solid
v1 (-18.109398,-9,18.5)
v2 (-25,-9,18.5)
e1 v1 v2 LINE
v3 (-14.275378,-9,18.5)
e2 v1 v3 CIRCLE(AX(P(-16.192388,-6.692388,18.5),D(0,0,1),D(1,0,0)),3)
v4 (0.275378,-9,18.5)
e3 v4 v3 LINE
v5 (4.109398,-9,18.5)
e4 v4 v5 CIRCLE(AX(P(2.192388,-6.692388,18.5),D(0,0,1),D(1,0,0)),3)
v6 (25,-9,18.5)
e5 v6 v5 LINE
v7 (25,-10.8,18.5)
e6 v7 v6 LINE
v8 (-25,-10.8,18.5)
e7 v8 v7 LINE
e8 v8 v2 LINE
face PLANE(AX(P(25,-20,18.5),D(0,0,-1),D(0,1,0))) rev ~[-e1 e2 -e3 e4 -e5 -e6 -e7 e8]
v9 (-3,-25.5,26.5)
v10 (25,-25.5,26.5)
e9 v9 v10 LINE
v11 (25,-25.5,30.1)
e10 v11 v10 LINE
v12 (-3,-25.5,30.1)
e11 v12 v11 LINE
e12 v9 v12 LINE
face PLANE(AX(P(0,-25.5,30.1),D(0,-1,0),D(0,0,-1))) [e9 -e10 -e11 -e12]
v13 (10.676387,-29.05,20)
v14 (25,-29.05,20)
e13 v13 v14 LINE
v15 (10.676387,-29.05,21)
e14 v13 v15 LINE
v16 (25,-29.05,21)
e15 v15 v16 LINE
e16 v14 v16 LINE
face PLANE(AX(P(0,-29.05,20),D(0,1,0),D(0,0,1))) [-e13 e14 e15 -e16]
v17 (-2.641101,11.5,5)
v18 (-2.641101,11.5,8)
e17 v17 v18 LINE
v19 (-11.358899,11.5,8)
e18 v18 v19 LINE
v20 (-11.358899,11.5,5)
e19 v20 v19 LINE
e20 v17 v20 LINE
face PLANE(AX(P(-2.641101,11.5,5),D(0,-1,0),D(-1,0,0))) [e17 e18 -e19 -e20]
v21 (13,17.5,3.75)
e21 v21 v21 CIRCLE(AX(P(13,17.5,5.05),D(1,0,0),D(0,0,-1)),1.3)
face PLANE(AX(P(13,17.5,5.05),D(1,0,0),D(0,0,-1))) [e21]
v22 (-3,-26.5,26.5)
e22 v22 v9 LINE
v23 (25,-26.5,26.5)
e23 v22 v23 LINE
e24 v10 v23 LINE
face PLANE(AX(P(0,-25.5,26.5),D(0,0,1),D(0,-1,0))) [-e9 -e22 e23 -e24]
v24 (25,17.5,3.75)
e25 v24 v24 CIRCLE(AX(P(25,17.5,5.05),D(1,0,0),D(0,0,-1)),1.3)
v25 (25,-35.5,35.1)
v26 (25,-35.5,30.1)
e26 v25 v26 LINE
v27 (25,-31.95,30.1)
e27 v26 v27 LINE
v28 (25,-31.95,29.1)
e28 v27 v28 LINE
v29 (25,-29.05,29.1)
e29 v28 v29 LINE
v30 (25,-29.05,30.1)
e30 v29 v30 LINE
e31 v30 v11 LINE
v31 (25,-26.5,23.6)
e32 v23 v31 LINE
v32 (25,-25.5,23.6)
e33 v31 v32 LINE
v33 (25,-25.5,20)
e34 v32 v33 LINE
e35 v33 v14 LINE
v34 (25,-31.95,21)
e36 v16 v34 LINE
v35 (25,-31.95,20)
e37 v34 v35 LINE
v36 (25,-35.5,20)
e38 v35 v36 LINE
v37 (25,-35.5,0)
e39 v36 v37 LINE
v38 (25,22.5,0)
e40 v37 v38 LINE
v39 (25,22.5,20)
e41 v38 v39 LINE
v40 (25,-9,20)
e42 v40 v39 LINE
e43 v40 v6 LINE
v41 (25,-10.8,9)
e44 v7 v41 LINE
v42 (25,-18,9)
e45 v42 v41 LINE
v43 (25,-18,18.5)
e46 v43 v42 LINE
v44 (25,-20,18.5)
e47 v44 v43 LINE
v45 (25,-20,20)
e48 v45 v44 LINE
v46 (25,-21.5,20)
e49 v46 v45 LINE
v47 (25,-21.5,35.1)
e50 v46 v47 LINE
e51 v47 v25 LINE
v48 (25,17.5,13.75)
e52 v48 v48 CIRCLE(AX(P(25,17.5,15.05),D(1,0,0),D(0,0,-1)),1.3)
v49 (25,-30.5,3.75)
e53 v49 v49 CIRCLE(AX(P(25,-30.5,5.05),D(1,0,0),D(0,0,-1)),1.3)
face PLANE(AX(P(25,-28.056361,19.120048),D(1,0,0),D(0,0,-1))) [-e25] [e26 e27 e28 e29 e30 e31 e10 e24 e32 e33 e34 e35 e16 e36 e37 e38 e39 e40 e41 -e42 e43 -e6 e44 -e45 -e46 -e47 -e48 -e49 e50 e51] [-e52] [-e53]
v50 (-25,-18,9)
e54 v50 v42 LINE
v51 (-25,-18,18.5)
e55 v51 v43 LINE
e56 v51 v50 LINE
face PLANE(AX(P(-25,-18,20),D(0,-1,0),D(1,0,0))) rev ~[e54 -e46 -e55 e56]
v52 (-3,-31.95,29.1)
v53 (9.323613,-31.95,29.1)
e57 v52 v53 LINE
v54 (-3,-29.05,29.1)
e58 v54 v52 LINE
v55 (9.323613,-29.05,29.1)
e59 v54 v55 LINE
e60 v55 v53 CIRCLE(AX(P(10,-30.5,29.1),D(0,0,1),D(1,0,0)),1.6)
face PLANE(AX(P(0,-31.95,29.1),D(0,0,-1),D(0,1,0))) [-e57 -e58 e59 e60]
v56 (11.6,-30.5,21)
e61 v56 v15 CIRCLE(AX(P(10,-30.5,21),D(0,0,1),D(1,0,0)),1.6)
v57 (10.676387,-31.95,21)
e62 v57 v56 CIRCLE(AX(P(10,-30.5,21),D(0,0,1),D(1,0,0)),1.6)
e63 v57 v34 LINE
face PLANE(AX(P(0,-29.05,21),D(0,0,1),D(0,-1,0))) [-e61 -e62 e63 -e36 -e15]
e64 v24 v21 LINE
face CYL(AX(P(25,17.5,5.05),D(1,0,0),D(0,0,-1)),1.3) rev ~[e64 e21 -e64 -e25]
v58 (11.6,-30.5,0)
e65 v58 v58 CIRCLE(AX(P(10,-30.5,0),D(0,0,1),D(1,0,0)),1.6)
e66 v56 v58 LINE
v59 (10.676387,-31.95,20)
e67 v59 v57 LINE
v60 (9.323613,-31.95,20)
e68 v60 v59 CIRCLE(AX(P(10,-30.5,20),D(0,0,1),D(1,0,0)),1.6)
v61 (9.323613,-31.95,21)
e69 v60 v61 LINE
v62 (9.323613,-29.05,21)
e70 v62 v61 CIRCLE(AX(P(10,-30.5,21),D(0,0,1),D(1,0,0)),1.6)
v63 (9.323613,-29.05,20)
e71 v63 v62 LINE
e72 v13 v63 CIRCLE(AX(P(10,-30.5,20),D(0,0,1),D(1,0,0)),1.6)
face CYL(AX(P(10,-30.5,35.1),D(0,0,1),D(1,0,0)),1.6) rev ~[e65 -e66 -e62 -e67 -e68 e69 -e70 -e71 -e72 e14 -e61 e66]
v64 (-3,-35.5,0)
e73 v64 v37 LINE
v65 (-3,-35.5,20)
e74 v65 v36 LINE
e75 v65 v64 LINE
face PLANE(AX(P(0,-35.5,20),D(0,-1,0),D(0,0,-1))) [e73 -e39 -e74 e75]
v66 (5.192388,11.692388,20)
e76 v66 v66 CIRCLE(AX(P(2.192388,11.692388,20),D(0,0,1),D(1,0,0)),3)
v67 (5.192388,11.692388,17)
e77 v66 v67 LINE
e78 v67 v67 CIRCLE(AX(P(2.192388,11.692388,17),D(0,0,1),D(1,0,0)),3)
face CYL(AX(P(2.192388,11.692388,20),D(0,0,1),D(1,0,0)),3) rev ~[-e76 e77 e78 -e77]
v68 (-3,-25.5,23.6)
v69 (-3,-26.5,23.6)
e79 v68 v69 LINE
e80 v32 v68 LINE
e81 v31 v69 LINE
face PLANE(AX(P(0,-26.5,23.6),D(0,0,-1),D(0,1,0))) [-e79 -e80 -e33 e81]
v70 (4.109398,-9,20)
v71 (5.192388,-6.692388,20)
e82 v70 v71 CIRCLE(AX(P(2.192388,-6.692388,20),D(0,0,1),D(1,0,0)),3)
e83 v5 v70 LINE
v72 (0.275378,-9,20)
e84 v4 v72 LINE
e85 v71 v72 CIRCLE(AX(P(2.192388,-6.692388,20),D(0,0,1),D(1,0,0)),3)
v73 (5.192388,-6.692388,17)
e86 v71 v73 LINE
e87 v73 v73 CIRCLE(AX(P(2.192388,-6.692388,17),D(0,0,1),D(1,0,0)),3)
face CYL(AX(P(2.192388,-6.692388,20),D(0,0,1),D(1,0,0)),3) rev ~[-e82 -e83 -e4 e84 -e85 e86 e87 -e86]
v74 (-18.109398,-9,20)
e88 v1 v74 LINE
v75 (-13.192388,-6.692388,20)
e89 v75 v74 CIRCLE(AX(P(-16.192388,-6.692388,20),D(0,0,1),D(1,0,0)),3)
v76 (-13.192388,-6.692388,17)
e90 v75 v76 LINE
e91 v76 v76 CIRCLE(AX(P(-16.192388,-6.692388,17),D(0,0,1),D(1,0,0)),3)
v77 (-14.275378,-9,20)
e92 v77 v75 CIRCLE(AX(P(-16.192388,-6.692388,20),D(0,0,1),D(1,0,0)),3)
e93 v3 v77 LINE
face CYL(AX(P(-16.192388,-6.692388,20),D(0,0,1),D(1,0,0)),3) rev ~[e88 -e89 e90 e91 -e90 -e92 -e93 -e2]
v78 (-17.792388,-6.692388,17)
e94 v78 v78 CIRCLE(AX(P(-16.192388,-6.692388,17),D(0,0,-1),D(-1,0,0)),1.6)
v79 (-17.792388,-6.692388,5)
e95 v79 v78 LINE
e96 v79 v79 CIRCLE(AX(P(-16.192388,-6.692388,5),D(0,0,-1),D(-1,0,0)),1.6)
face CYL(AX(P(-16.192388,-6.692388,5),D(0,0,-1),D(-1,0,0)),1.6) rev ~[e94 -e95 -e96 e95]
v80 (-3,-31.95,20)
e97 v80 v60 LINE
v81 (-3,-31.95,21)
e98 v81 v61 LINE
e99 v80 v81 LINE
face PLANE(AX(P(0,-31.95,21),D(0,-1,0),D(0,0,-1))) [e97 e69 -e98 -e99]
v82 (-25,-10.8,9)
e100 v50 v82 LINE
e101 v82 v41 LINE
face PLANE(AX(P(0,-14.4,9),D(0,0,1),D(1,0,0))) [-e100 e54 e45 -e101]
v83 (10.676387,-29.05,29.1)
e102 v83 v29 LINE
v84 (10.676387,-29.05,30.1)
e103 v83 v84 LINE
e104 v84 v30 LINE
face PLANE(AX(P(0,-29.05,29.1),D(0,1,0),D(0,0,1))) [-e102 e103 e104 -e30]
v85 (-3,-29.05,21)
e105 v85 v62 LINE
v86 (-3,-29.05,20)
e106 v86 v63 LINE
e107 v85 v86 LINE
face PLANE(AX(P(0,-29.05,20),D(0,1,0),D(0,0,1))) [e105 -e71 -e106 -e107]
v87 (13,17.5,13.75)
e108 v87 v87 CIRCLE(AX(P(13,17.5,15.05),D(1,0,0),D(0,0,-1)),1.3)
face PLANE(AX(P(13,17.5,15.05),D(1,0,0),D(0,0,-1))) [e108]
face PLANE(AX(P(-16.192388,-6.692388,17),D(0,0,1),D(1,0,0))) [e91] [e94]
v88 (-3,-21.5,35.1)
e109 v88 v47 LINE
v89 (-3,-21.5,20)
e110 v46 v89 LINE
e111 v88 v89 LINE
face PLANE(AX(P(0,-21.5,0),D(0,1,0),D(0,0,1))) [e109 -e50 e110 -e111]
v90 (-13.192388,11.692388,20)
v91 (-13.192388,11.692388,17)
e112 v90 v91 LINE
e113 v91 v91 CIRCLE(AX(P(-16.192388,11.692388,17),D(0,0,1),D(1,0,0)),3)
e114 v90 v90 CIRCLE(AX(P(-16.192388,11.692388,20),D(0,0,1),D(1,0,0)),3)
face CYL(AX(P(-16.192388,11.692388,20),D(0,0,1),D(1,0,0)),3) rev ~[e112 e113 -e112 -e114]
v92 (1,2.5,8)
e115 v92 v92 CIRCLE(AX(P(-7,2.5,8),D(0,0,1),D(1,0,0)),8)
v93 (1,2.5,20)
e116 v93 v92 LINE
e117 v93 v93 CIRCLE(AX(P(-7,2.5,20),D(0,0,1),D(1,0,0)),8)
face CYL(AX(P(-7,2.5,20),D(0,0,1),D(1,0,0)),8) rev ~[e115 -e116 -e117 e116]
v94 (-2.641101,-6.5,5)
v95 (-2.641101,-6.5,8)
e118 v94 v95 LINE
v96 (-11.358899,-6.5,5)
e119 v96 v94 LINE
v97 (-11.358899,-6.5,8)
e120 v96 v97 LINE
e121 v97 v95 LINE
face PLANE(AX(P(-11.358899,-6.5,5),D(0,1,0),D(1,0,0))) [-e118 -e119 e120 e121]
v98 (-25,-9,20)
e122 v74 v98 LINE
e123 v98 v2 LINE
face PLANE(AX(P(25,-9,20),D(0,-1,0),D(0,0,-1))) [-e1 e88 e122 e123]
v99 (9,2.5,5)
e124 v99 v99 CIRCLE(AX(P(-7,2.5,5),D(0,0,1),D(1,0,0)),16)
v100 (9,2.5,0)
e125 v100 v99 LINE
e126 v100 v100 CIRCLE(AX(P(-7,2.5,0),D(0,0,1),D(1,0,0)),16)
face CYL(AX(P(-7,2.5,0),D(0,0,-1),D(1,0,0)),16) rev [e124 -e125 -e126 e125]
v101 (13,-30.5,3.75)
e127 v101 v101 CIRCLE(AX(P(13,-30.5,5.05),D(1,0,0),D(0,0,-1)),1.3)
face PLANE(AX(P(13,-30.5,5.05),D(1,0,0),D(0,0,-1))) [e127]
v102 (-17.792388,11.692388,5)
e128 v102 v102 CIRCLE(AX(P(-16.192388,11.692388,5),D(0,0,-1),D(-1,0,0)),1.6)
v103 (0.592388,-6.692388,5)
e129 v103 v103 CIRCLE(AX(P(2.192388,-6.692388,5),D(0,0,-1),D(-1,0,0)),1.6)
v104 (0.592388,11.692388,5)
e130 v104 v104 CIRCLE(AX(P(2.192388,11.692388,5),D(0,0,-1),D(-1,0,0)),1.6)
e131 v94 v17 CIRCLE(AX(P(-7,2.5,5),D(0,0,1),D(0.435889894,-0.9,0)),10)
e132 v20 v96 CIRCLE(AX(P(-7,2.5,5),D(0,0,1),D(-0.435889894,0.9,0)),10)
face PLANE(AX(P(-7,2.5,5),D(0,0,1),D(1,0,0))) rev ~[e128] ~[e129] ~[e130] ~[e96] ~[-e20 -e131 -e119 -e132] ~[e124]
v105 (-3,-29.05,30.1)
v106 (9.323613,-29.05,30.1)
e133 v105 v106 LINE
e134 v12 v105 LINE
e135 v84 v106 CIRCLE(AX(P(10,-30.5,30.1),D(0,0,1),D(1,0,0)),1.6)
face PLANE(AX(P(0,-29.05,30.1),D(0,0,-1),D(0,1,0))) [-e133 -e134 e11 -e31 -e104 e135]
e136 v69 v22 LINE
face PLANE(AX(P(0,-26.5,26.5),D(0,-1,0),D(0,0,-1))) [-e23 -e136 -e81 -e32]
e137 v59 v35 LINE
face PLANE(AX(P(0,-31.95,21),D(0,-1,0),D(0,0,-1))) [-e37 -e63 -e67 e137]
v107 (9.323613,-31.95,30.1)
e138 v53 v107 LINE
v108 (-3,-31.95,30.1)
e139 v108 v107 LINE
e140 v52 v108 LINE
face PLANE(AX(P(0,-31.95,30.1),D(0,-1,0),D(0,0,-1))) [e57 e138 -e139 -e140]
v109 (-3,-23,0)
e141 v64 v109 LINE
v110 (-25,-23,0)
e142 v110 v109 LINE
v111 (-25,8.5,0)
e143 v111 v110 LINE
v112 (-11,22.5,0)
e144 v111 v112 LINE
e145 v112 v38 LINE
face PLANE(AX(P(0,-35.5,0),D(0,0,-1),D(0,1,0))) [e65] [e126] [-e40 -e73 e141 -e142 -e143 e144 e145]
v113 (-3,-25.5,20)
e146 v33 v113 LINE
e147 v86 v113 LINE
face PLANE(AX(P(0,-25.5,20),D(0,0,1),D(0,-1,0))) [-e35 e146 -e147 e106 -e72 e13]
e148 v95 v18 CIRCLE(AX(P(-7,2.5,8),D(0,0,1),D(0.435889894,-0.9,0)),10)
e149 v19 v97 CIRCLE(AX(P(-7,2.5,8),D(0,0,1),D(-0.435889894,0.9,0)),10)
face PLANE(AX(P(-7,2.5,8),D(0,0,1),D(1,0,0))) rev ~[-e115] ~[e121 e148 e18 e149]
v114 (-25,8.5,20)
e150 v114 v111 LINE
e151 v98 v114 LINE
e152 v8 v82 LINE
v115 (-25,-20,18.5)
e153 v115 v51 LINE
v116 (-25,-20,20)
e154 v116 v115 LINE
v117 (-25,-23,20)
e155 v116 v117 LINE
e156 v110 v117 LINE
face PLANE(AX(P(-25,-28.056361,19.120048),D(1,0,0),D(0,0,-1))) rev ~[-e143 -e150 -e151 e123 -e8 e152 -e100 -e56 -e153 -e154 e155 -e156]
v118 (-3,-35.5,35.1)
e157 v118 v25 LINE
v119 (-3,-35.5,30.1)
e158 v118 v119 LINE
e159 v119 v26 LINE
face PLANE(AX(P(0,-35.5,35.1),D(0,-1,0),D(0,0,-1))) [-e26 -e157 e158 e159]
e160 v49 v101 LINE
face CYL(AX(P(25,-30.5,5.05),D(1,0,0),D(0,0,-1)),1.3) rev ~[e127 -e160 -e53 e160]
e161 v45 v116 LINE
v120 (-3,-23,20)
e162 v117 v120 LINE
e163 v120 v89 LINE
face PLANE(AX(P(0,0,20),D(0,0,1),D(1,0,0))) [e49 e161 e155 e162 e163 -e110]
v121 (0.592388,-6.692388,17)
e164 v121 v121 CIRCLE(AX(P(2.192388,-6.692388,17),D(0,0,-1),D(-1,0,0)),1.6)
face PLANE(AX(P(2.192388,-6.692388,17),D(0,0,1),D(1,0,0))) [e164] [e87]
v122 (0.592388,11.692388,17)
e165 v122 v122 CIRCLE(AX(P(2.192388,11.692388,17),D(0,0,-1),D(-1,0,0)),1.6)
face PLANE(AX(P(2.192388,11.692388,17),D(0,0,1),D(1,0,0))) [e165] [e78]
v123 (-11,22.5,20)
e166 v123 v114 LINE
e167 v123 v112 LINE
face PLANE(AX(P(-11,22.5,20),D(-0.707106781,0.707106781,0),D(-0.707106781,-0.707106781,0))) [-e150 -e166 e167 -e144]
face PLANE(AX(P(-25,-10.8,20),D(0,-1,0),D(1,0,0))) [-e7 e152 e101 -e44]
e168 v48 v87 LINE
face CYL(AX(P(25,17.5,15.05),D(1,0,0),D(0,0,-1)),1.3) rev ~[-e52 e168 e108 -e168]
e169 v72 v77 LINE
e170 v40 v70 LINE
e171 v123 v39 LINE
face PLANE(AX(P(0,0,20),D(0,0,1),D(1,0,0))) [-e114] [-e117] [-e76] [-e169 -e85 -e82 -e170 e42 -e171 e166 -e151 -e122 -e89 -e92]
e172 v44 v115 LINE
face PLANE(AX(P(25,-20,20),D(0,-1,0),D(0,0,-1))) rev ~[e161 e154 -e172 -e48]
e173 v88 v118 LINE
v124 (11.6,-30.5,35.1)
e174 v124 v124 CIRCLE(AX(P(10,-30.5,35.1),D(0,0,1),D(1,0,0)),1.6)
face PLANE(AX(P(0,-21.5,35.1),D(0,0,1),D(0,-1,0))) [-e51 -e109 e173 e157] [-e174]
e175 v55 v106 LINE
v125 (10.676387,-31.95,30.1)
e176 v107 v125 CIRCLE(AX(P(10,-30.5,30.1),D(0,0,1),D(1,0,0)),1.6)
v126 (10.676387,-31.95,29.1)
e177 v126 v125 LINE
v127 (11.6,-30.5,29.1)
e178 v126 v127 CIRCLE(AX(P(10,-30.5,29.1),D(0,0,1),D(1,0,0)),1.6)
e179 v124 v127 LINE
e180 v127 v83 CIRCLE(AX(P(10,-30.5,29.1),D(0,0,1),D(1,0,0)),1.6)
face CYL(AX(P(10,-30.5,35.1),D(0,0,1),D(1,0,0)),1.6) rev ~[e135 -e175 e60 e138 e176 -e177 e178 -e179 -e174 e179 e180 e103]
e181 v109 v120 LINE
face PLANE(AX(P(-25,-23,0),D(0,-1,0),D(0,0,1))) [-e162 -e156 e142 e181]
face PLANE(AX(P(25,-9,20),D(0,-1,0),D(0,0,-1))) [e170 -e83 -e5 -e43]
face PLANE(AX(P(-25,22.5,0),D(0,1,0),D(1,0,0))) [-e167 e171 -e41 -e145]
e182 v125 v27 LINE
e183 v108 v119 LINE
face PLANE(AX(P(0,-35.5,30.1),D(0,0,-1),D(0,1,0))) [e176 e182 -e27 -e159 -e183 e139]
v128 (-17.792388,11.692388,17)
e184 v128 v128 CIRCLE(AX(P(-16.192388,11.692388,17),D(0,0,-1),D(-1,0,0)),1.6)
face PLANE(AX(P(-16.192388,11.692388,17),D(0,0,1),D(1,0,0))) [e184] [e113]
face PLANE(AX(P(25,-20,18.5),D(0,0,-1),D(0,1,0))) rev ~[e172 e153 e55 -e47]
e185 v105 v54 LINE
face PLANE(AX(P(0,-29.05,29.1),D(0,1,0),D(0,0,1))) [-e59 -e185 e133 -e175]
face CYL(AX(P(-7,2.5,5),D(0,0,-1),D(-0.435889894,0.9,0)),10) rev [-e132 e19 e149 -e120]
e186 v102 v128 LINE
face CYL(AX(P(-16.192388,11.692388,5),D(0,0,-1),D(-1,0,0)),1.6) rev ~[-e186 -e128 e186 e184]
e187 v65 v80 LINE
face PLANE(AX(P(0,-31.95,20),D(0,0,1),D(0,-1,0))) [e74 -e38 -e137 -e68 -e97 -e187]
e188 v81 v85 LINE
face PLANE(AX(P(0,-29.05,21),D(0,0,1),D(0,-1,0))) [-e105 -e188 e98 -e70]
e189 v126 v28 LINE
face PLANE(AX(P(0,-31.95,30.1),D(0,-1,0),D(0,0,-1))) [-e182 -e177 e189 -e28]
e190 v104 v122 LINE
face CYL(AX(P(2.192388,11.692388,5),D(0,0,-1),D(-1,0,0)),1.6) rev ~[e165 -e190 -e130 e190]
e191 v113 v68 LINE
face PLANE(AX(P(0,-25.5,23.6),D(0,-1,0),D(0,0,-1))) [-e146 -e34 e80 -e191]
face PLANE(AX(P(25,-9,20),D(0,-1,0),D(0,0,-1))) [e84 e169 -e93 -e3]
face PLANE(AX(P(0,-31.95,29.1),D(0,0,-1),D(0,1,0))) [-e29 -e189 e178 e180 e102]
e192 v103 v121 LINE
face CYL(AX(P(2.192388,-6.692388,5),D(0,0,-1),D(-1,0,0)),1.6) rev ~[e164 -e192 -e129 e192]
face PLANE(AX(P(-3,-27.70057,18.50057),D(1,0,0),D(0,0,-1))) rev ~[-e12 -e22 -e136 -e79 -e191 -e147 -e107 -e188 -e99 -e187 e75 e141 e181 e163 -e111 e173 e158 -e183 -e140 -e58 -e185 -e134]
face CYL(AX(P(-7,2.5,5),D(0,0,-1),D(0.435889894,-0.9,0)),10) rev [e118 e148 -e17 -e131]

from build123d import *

# Parameters (mm, degrees)
ESQUISSE1_W                     = 50
ESQUISSE1_H                     = 45
MAIN_EXTRUSION_DEPTH            = 20
ESQUISSE5_R                     = 8
GEAR_LINEAR_HOLES_DEPTH         = 21
FIXING_EXTRUSION_DEPTH          = 25
ESQUISSE13_W                    = 50
ESQUISSE13_H                    = 7.2
ROLLINGBALLHORIZONTALHOLE_DEPTH = 11
FRONTHOLE_DEPTH                 = 22
ESQUISSE15_R                    = 1.6
BOTTOMFIXINGHOLE_DEPTH          = 36.1
ESQUISSE12_R                    = 16
REDUCTORMAINHOLE_DEPTH          = 5
REDUCTORFRONTFIXINGHOLE_DEPTH   = 3
ESQUISSE17_R                    = 1.6
MOTORFIXINGHOLE_DEPTH           = 31.1
ESQUISSE19_R                    = 3
ENL_V_MAT_EXTRU_5_DEPTH         = 3
SKETCH2_W                       = 1.5
SKETCH2_H                       = 11
CUTFORMAKERBEAMPROFILE_DEPTH    = 51
CUTFORDISTRIBUTORGRABBER_DEPTH  = 21
SKETCH4_R                       = 1.3
HOLETOBLOCKBEHIND_DEPTH         = 12


with BuildPart() as part:
    # Esquisse1 → Main Extrusion (new body)
    with BuildSketch(Plane.XY):
        Rectangle(ESQUISSE1_W, ESQUISSE1_H)
    extrude(amount=MAIN_EXTRUSION_DEPTH)

    # Esquisse5 → Gear Linear Holes (cut, through all)
    with BuildSketch(Plane.XY.offset(20)):
        with Locations((-7, 2.5)):
            Circle(ESQUISSE5_R)
    extrude(amount=-GEAR_LINEAR_HOLES_DEPTH, mode=Mode.SUBTRACT)

    # Esquisse8 → Fixing Extrusion (add, symmetric)
    with BuildSketch(Plane(origin=(0, 0, 0), x_dir=(0, 0, -1), z_dir=(1, 0, 0))):
        Polygon((-20, -25.5), (-20, -29.05), (-21, -29.05), (-21, -31.95), (-20, -31.95), (-20, -35.5), (0, -35.5), (0, -21.5), (-35.1, -21.5), (-35.1, -35.5), (-30.1, -35.5), (-30.1, -31.95), (-29.1, -31.95), (-29.1, -29.05), (-30.1, -29.05), (-30.1, -25.5), (-26.5, -25.5), (-26.5, -26.5), (-23.6, -26.5), (-23.6, -25.5), align=None)
    extrude(amount=FIXING_EXTRUSION_DEPTH, both=True)

    # Esquisse13 → RollingBallHorizontalHole (cut)
    with BuildSketch(Plane.XY.offset(20)):
        with Locations((0, -14.4)):
            Rectangle(ESQUISSE13_W, ESQUISSE13_H)
    extrude(amount=-ROLLINGBALLHORIZONTALHOLE_DEPTH, mode=Mode.SUBTRACT)

    # Esquisse14 → FrontHole (cut)
    with BuildSketch(Plane.ZY.offset(25)):
        Polygon((0, -23), (20, -23), (20, -18), (35.1, -18), (35.1, -35.5), (0, -35.5), align=None)
    extrude(amount=-FRONTHOLE_DEPTH, mode=Mode.SUBTRACT)

    # Esquisse15 → BottomFixingHole (cut, through all)
    with BuildSketch(Plane.XY.offset(35.1)):
        with Locations((10, -30.5)):
            Circle(ESQUISSE15_R)
    extrude(amount=-BOTTOMFIXINGHOLE_DEPTH, mode=Mode.SUBTRACT)

    # Esquisse12 → ReductorMainHole (cut)
    with BuildSketch(Plane.XY):
        with Locations((-7, 2.5)):
            Circle(ESQUISSE12_R)
    extrude(amount=REDUCTORMAINHOLE_DEPTH, mode=Mode.SUBTRACT)

    # Esquisse16 → ReductorFrontFixingHole (cut)
    with BuildSketch(Plane(origin=(0, 0, 5), x_dir=(-1, 0, 0), z_dir=(0, 0, -1))):
        with BuildLine():
            Line((2.641101056, 11.5), (11.358898944, 11.5))
            ThreePointArc((11.358898944, 11.5), (17, 2.5), (11.358898944, -6.5))
            Line((11.358898944, -6.5), (2.641101056, -6.5))
            ThreePointArc((2.641101056, -6.5), (-3, 2.5), (2.641101056, 11.5))
        make_face()
    extrude(amount=-REDUCTORFRONTFIXINGHOLE_DEPTH, mode=Mode.SUBTRACT)

    # Esquisse17 → MotorFixingHole (cut, through all)
    with BuildSketch(Plane(origin=(0, 0, 5), x_dir=(-1, 0, 0), z_dir=(0, 0, -1))):
        with Locations((-2.192388155, 11.692388155)):
            Circle(ESQUISSE17_R)
        with Locations((16.192388155, 11.692388155)):
            Circle(ESQUISSE17_R)
        with Locations((-2.192388155, -6.692388155)):
            Circle(ESQUISSE17_R)
        with Locations((16.192388155, -6.692388155)):
            Circle(ESQUISSE17_R)
    extrude(amount=-MOTORFIXINGHOLE_DEPTH, mode=Mode.SUBTRACT)

    # Esquisse19 → Enlèv. mat.-Extru.5 (cut)
    with BuildSketch(Plane.XY.offset(20)):
        with Locations((-16.192388155, 11.692388155)):
            Circle(ESQUISSE19_R)
        with Locations((2.192388155, 11.692388155)):
            Circle(ESQUISSE19_R)
        with Locations((-16.192388155, -6.692388155)):
            Circle(ESQUISSE19_R)
        with Locations((2.192388155, -6.692388155)):
            Circle(ESQUISSE19_R)
    extrude(amount=-ENL_V_MAT_EXTRU_5_DEPTH, mode=Mode.SUBTRACT)

    # Sketch2 → CutForMakerBeamProfile (cut, through all)
    with BuildSketch(Plane(origin=(25, 0, 0), x_dir=(0, 0, -1), z_dir=(1, 0, 0))):
        with Locations((-19.25, -14.5)):
            Rectangle(SKETCH2_W, SKETCH2_H)
    extrude(amount=-CUTFORMAKERBEAMPROFILE_DEPTH, mode=Mode.SUBTRACT)

    # Sketch3 → CutForDistributorGrabber (cut, through all)
    with BuildSketch(Plane.XY.offset(20)):
        Polygon((-11, 22.5), (-25, 8.5), (-25, 22.5), align=None)
    extrude(amount=-CUTFORDISTRIBUTORGRABBER_DEPTH, mode=Mode.SUBTRACT)

    # Sketch4 → HoleToBlockBehind (cut)
    with BuildSketch(Plane(origin=(25, 0, 0), x_dir=(0, 0, -1), z_dir=(1, 0, 0))):
        with Locations((-5.05, -30.5)):
            Circle(SKETCH4_R)
        with Locations((-25.05, -30.5)):
            Circle(SKETCH4_R)
        with Locations((-5.05, 17.5)):
            Circle(SKETCH4_R)
        with Locations((-15.05, 17.5)):
            Circle(SKETCH4_R)
    extrude(amount=-HOLETOBLOCKBEHIND_DEPTH, mode=Mode.SUBTRACT)


solid = part.part
